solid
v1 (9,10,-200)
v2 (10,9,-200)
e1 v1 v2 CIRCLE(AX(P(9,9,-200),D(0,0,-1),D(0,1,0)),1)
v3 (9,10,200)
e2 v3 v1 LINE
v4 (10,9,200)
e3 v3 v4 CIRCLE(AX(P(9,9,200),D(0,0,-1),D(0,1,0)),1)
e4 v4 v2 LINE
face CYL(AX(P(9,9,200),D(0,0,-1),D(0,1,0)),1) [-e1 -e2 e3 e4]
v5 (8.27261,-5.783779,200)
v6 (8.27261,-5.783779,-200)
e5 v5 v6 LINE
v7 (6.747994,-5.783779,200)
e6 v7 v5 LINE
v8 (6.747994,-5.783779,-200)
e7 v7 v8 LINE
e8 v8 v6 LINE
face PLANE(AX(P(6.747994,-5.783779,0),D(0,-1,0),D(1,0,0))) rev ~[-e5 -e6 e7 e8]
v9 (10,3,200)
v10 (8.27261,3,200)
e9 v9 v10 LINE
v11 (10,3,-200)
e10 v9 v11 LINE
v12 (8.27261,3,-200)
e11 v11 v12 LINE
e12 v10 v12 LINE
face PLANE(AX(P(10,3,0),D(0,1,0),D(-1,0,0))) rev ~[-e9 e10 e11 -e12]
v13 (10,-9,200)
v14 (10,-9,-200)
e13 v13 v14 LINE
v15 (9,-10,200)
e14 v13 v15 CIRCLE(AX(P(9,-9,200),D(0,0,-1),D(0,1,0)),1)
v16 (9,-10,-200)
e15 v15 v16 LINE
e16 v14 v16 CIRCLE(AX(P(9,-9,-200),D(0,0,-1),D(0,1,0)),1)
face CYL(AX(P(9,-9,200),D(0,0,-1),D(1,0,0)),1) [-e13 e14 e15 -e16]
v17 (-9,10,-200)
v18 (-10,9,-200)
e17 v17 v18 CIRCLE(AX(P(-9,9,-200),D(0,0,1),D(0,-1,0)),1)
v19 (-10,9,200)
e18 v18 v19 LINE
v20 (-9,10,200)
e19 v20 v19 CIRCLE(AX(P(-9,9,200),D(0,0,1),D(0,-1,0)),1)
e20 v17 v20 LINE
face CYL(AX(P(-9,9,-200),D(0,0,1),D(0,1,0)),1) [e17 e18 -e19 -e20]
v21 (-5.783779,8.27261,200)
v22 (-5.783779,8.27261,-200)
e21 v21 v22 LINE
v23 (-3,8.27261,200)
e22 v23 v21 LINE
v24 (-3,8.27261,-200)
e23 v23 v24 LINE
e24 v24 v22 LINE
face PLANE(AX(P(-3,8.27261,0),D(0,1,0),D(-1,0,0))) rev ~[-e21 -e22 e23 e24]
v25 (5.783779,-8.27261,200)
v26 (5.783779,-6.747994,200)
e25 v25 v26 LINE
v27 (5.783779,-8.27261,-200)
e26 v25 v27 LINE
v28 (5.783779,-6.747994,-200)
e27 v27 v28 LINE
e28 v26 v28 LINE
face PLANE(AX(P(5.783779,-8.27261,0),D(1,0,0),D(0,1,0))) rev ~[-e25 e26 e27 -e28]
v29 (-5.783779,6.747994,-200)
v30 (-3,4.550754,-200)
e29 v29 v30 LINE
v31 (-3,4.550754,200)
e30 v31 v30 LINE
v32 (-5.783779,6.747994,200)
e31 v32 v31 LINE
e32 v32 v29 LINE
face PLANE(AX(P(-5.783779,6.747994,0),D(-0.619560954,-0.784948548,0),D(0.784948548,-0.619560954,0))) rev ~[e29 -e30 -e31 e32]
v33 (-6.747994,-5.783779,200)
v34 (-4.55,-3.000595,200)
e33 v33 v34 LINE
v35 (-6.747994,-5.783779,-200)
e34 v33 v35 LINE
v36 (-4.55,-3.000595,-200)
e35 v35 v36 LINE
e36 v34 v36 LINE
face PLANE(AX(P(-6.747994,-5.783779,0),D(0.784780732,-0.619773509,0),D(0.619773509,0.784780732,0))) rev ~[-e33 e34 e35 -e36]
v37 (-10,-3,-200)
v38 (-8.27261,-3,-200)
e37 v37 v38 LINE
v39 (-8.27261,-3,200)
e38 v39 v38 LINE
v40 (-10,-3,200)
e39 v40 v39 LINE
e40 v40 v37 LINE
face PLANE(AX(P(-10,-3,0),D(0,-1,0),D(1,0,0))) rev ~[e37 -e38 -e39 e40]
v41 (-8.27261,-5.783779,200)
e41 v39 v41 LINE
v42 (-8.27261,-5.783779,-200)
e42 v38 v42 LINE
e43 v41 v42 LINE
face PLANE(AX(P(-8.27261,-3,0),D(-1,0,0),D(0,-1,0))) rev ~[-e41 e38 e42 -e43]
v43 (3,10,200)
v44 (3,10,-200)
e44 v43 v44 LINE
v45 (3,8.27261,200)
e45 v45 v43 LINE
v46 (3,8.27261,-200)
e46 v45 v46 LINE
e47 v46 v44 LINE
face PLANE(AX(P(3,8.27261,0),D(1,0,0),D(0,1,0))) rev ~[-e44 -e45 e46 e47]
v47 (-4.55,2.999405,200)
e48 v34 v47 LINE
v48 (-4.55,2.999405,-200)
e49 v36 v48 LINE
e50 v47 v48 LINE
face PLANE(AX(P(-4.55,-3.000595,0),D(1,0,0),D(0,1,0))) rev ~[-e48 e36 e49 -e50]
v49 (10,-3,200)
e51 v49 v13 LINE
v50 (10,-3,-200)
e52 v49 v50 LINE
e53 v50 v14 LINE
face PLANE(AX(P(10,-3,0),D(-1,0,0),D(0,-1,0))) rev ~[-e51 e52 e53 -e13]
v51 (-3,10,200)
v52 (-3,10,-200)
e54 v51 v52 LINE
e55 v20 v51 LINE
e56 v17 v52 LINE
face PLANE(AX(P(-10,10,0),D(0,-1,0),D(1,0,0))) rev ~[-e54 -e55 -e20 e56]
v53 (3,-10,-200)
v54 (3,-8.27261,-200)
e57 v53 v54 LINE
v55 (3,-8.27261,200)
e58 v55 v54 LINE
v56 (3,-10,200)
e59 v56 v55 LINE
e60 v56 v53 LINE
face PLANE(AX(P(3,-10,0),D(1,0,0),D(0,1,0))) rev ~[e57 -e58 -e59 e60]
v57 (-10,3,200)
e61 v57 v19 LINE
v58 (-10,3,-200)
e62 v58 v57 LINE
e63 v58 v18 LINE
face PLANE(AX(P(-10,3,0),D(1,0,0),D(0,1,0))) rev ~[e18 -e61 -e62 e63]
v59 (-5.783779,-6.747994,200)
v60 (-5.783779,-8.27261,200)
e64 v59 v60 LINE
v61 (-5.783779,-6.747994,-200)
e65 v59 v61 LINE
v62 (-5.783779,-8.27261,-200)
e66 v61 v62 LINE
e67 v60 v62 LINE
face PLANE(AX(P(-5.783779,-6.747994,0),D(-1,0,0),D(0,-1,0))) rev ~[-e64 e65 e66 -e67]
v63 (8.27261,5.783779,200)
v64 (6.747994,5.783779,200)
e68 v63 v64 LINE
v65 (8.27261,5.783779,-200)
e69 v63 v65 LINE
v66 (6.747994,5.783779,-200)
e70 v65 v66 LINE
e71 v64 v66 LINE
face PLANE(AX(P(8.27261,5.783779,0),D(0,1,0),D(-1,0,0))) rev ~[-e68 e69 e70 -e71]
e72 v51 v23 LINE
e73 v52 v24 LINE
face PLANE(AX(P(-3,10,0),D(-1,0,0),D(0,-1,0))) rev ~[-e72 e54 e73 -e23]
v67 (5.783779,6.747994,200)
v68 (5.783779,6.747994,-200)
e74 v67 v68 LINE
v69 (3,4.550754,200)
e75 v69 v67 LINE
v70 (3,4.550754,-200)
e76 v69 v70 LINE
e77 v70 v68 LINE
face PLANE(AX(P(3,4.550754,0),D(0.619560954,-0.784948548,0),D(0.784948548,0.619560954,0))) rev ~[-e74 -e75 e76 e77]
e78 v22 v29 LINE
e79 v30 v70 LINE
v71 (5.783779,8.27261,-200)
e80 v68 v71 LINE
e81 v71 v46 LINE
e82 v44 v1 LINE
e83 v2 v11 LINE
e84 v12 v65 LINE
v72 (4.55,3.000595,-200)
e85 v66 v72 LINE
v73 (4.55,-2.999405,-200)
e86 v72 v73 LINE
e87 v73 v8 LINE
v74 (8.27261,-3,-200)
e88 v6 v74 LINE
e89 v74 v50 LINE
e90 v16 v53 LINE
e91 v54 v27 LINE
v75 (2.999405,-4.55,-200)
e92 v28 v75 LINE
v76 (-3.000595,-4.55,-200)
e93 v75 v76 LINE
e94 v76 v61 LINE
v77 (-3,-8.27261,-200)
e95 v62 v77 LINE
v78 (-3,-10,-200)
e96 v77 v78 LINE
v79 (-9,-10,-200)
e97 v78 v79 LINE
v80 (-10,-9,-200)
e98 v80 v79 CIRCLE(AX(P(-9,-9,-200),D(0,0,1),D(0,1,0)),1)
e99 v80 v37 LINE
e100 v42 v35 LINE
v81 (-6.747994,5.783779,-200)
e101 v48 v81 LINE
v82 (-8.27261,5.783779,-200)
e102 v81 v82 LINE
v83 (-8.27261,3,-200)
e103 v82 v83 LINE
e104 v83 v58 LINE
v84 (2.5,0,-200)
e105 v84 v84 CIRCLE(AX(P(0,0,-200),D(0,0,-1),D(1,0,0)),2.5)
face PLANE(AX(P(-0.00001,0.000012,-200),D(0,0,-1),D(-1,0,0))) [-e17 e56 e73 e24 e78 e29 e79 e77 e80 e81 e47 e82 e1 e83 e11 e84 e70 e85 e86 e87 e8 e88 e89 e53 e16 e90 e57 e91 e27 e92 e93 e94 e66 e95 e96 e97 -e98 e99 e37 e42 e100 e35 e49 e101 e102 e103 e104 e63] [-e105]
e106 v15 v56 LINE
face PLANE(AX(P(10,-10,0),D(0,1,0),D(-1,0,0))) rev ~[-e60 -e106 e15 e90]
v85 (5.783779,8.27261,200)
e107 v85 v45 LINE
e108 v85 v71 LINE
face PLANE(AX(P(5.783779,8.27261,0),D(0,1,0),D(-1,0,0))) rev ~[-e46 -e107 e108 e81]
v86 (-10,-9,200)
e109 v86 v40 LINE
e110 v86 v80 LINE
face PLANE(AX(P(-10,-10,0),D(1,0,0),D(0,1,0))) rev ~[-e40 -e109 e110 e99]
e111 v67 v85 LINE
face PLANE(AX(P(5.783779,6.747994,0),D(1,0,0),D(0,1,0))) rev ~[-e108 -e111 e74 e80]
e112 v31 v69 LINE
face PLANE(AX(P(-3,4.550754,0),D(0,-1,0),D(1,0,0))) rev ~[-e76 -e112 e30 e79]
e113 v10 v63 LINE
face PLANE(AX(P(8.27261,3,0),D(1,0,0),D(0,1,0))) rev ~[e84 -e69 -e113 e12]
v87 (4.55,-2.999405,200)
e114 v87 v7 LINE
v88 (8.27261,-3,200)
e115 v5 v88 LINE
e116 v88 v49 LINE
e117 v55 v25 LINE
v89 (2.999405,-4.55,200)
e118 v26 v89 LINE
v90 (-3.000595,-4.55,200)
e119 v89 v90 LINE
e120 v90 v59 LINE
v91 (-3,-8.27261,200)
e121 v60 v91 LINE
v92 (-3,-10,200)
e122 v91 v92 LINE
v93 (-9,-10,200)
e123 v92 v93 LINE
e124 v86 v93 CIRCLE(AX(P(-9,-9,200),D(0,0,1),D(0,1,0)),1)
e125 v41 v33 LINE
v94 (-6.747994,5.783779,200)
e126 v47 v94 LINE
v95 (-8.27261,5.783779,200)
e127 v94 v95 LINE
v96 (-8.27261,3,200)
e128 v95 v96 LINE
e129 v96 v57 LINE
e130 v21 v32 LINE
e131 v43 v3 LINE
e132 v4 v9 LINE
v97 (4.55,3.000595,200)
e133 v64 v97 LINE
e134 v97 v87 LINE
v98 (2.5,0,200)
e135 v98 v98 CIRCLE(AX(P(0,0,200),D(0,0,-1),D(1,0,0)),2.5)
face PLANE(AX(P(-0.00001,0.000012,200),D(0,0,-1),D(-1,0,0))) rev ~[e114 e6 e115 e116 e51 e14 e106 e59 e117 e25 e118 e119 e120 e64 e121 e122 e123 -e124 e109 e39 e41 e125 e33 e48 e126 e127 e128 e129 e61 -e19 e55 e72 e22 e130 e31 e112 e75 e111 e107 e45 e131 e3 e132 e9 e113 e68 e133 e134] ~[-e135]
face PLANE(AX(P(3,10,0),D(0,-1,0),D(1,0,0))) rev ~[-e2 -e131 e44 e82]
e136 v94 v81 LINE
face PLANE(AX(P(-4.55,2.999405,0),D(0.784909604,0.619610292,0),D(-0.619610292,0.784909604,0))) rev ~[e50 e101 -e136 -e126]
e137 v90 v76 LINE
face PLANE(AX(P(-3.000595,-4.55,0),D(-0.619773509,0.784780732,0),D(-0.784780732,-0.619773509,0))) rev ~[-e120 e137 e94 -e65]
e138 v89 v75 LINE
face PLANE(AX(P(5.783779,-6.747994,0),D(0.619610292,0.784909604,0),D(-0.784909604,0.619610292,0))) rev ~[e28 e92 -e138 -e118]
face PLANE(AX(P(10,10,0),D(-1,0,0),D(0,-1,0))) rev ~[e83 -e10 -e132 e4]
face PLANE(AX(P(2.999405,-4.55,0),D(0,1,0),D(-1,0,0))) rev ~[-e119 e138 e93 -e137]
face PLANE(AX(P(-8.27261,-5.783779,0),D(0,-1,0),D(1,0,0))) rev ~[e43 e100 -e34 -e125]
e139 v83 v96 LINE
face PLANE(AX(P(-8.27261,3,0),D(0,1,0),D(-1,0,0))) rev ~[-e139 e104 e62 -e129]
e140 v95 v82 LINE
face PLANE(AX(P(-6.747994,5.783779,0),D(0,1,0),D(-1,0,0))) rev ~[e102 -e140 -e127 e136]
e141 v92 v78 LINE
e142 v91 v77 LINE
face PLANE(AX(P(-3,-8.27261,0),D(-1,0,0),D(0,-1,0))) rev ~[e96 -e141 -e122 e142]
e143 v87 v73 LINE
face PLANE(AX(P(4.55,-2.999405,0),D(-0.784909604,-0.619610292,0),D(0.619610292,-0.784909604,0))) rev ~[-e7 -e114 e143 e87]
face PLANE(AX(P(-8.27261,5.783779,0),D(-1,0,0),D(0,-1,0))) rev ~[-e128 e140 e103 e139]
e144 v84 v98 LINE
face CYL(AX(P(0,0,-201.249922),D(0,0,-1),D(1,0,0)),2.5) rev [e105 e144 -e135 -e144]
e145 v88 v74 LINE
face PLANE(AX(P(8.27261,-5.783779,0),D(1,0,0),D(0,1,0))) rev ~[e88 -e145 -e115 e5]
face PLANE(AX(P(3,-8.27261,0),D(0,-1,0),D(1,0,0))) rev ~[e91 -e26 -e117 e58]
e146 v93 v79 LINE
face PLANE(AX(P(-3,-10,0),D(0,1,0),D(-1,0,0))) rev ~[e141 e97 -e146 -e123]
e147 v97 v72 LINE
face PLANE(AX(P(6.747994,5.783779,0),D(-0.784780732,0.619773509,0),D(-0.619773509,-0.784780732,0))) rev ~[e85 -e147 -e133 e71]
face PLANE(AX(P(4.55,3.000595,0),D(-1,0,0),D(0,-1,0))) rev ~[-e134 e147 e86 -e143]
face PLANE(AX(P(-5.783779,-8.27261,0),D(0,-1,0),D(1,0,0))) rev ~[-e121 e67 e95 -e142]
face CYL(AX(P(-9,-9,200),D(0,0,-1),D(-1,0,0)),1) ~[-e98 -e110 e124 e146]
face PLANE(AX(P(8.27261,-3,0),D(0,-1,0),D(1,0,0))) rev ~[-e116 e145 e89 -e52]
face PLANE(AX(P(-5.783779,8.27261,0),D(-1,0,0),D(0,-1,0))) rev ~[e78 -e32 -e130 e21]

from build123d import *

# Parameters (mm, degrees)
BOSS_EXTRUDE1_DEPTH     = 200
CUT_EXTRUDE1_DEPTH      = 401.249921924
CUT_EXTRUDE1_DEPTH_BACK = 401.249921924
SKETCH2_R               = 2.5
FILLET1_R               = 1


with BuildPart() as part:
    # Sketch1 → Boss-Extrude1 (new, symmetric)
    with BuildSketch(Plane.XY):
        Polygon((-10, 10), (-3, 10), (-3, 8.272610059), (-5.783778863, 8.272610059), (-5.783778863, 6.747994248), (-3, 4.550753814), (3, 4.550753814), (5.783778863, 6.747994248), (5.783778863, 8.272610059), (3, 8.272610059), (3, 10), (10, 10), (10, 3), (8.272610059, 3), (8.272610059, 5.783778863), (6.747994248, 5.783778863), (4.55, 3.000595152), (4.55, -2.999404848), (6.747994248, -5.783778863), (8.272610059, -5.783778863), (8.272610059, -3), (10, -3), (10, -10), (3, -10), (3, -8.272610059), (5.783778863, -8.272610059), (5.783778863, -6.747994248), (2.999404848, -4.55), (-3.000595152, -4.55), (-5.783778863, -6.747994248), (-5.783778863, -8.272610059), (-3, -8.272610059), (-3, -10), (-10, -10), (-10, -3), (-8.272610059, -3), (-8.272610059, -5.783778863), (-6.747994248, -5.783778863), (-4.55, -3.000595152), (-4.55, 2.999404848), (-6.747994248, 5.783778863), (-8.272610059, 5.783778863), (-8.272610059, 3), (-10, 3), align=None)
    extrude(amount=BOSS_EXTRUDE1_DEPTH, both=True)

    # Sketch2 → Cut-Extrude1 (cut, two sides: drawn at the far end of the back side and taken through both)
    with BuildSketch(Plane.XY.offset(200).offset(-CUT_EXTRUDE1_DEPTH_BACK)):
        Circle(SKETCH2_R)
    extrude(amount=CUT_EXTRUDE1_DEPTH + CUT_EXTRUDE1_DEPTH_BACK, mode=Mode.SUBTRACT)

    # Fillet1
    fillet1_edges = [part.edges().sort_by_distance(p)[0] for p in [
        (-10, 10, 0),
        (10, 10, 0),
        (10, -10, 0),
        (-10, -10, 0),
    ]]
    fillet(fillet1_edges, radius=FILLET1_R)


solid = part.part
